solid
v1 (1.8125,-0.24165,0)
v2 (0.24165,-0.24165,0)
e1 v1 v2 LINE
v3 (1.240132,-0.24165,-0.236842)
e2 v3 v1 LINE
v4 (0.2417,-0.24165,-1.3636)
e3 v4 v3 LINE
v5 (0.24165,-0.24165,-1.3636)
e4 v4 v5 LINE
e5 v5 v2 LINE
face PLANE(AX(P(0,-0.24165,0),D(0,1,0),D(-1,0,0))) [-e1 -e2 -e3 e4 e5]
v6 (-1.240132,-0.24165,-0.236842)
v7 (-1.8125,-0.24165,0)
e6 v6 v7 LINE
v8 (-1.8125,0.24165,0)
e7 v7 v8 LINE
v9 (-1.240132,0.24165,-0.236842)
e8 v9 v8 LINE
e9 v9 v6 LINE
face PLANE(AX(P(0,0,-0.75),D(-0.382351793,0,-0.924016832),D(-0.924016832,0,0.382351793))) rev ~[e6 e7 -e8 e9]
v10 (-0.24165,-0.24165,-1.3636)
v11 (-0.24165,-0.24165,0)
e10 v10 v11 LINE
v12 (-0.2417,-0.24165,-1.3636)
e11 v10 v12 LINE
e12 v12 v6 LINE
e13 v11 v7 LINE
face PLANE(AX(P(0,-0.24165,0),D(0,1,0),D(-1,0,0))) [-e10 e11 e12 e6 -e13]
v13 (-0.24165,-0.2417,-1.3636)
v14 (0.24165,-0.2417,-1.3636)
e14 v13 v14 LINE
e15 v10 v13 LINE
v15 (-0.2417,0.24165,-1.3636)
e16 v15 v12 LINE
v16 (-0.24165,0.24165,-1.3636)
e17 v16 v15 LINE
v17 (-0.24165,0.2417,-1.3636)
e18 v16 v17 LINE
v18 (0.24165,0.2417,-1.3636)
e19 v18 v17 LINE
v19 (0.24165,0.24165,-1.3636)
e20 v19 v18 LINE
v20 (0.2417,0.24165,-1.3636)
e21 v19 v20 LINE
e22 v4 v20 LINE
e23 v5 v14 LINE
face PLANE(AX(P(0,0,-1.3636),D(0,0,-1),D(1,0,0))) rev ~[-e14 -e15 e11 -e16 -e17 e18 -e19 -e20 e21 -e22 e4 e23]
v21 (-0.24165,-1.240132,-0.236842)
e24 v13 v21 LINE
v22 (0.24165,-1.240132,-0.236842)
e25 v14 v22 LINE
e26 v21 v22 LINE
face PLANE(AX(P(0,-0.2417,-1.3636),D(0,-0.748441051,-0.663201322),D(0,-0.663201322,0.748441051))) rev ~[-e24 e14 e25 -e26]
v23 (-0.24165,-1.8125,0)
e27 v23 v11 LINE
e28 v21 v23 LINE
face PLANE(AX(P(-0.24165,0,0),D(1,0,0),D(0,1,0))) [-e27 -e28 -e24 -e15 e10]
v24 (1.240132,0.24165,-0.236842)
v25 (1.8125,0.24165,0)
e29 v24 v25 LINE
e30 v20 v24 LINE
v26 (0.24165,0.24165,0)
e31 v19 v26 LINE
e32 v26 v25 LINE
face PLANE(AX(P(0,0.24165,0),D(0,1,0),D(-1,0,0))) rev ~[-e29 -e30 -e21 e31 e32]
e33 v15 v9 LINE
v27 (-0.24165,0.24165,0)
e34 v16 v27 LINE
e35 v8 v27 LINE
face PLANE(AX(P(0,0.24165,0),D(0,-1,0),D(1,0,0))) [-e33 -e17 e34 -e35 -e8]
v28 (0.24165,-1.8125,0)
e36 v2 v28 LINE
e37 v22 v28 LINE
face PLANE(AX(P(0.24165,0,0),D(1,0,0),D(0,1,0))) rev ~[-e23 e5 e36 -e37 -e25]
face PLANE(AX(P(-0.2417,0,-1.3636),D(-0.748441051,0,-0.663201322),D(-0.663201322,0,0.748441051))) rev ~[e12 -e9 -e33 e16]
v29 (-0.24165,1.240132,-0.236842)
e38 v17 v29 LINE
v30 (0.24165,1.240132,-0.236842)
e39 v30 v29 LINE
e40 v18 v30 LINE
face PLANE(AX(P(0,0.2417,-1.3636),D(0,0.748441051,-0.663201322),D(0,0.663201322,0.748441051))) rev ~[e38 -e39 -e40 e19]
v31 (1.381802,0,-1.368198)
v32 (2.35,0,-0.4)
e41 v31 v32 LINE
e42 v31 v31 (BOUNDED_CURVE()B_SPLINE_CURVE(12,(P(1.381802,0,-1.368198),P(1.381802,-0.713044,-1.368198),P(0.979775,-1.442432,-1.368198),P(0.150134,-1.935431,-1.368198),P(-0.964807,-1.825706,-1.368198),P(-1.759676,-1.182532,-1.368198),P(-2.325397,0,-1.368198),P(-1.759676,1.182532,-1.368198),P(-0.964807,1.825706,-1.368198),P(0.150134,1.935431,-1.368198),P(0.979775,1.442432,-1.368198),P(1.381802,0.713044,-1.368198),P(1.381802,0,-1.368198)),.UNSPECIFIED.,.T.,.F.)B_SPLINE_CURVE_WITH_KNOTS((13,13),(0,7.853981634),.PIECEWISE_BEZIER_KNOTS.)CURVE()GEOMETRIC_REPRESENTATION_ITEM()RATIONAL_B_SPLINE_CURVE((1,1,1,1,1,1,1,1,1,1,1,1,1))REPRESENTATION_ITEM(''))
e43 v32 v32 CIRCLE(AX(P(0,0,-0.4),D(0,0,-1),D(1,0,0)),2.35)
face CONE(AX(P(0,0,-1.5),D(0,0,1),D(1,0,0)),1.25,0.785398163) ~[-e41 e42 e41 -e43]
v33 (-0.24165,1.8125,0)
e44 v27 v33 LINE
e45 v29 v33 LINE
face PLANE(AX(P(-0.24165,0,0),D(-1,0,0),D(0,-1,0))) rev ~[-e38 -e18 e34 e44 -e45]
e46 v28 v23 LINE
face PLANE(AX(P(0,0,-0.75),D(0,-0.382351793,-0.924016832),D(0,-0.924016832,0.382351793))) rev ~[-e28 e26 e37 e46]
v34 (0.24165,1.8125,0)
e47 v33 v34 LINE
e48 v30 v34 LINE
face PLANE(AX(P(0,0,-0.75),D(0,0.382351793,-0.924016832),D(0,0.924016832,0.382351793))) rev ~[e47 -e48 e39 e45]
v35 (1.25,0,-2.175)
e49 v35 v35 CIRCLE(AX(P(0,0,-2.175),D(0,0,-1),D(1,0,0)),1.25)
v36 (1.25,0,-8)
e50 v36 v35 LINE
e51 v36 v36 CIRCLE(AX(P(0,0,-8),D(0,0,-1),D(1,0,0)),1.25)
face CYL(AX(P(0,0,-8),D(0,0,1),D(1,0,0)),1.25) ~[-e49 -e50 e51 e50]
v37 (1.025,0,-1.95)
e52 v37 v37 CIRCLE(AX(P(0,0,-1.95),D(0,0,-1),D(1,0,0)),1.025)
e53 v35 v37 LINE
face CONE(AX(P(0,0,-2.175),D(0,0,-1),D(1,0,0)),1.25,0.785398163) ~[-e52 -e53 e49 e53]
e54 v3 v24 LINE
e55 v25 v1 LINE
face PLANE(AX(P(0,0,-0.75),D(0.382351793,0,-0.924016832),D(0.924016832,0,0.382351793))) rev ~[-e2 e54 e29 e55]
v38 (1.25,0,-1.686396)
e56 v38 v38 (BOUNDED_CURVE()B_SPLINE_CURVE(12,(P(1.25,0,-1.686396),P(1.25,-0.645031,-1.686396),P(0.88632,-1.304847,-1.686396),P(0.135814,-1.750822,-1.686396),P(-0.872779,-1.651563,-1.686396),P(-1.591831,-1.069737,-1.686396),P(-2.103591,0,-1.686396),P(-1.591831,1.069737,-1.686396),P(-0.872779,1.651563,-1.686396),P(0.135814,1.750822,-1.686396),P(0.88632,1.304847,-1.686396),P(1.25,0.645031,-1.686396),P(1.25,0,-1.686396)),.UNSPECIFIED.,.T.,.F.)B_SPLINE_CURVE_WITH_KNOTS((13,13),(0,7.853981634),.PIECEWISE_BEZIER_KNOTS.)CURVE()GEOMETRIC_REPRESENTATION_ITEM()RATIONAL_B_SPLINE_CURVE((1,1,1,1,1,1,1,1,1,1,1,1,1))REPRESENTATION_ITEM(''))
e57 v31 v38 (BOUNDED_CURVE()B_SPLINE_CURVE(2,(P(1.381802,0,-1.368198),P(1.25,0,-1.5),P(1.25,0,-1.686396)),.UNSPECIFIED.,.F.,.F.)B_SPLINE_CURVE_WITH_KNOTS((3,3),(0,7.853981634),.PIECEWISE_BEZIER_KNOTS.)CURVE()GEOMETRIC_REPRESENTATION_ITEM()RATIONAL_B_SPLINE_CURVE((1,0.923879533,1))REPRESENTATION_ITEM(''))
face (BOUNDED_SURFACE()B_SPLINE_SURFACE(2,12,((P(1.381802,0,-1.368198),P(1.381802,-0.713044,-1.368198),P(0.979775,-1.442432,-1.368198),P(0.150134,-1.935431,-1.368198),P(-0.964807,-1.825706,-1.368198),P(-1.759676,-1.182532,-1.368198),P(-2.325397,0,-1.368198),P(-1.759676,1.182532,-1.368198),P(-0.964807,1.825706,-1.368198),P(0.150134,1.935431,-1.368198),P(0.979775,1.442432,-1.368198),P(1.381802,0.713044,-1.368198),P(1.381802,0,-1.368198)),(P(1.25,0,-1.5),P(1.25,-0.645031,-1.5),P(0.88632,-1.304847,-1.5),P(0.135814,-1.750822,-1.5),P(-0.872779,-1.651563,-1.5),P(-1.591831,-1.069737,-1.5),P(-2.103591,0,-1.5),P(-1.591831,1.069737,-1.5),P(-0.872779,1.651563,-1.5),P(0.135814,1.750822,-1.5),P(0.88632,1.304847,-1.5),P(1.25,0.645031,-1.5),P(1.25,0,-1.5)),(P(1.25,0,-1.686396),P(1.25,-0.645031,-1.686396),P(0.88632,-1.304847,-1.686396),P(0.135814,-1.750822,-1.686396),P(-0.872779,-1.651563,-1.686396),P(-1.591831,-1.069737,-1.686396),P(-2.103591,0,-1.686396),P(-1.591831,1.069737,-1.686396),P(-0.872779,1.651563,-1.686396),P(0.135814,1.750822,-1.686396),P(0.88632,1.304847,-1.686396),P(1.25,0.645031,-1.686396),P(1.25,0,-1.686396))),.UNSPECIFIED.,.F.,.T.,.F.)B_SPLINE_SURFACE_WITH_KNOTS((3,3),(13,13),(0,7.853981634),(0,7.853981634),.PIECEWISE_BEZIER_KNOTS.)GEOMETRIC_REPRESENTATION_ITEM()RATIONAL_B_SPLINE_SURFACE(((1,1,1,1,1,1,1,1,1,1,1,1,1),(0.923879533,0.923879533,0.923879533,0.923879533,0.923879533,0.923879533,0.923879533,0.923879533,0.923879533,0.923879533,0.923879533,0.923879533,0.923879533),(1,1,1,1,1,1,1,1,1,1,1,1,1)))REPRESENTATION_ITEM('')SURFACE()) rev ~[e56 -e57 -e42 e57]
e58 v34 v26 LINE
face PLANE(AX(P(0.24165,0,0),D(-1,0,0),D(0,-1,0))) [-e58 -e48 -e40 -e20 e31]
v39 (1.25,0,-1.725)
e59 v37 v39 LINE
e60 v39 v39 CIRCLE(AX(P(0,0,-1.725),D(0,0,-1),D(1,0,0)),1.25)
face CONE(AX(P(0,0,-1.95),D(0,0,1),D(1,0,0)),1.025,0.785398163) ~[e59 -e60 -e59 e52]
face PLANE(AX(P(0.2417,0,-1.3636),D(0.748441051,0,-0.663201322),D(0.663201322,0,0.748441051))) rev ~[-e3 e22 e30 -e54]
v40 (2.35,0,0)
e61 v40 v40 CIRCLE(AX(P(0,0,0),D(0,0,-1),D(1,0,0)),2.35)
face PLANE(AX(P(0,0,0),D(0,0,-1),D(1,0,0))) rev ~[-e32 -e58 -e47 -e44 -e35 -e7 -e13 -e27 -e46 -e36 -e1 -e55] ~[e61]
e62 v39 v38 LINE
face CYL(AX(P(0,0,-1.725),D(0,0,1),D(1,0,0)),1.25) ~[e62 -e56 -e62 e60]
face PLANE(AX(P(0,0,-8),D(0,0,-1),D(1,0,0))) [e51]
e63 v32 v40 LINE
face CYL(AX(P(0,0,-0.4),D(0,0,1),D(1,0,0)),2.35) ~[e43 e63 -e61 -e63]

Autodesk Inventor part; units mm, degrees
ref_plane "YZ Plane" through (0, 0, 0) normal (1, 0, 0) x (0, 1, 0)
sketch "Esquisse1" plane through (0, 0, 0) normal (0, 1, 0) x (-1, 0, 0)
  point P0 (0, 0)
sketch "Esquisse2" plane through (0, 0, 0) normal (0, 0, 1) x (1, 0, 0)
  point P0 (0, 0)
sketch "Esquisse3" plane through (0, 0, 0) normal (0, 0, 1) x (1, 0, 0)
  point P0 (0, 0)
sketch "Esquisse4" plane through (0, 0, 0) normal (0, 1, 0) x (-1, 0, 0)
  line L0 (-2.35, 0) -> (0, 0)
  line L1 (-2.35, -0.4) -> (-2.35, 0)
  line L2 (-1.25, -1.5) -> (-2.35, -0.4)
  line L3 (-1.25, -1.725) -> (-1.25, -1.5)
  line L4 (-1.025, -1.95) -> (-1.25, -1.725)
  line L5 (-1.25, -2.175) -> (-1.025, -1.95)
  line L6 (-1.25, -8) -> (-1.25, -2.175)
  line L7 (0, 0) -> (0, -8)
  line L8 (0, 3.3392) -> (0, -10.7) construction
  line L9 (0, 3.3392) -> (0, -10.7)
  line L10 (0, -13.5078) -> (0, 6.1471) projected
  line L11 (-1.25, -8) -> (0, -8)
  line L12 (0.47, 0) -> (-2.82, 0) projected
  dimension "d3" = 2.35
  dimension "d5" = 0.225
  dimension "d7" = 0.225
  dimension "d9" = 0.225
  dimension "d11" = 1.5
  dimension "d13" = 135
  dimension "d17" = 1.025
  dimension "d19" = 0
  dimension "d51" = 1.25
  dimension "d52" = 8
revolve "Révolution1" add sketch "Esquisse4" angle 360 about axis through (0, 0, 3.3392) along (0, 0, -1)
sketch "Esquisse5" plane through (0, 0, 0) normal (0, 1, 0) x (-1, 0, 0)
  line L0 (-1.45, 0) -> (0, 0)
  line L1 (-0.2417, -1.3636) -> (-1.45, 0)
  line L2 (0, -1.3636) -> (-0.2417, -1.3636)
  line L3 (0, 0) -> (0, -1.3636)
  line L4 (-1.25, -1.5) -> (1.25, -1.5) construction
  line L5 (-2.35, 0) -> (2.35, 0) projected
  line L6 (0, -1.8) -> (0, 0.3) projected
  dimension "d22" = 1.45
  dimension "d24" = 0.2417
  dimension "d26" = 1.3636
extrude "Extrusion1" cut sketch "Esquisse5" along normal mid plane 0.4833
pattern_circular "RéseauPolaire1" count 4 over 360 about axis through (0, 0, 0) along (0, 0, 1) of "Extrusion1"
sketch "Esquisse7" plane through (0, 0, 0) normal (0, 1, 0) x (-1, 0, 0)
  line L0 (0, -0.75) -> (-1.8125, 0)
  line L1 (0, 0) -> (0, -0.75)
  line L2 (-1.8125, 0) -> (0, 0)
  line L3 (-1.25, -1.5) -> (1.25, -1.5) construction
  line L4 (0, -1.8) -> (0, 0.3) projected
  line L5 (-2.35, 0) -> (2.35, 0) projected
  dimension "d33" = 1.8125
  dimension "d35" = 0.75
extrude "Extrusion2" cut sketch "Esquisse7" along normal mid plane 0.4833
pattern_circular "RéseauPolaire2" count 4 over 360 about axis through (0, 0, 0) along (0, 0, 1) of "Extrusion2"
fillet "Congé1" radius 0.45 1 edges at (-1.25, 0, -1.5)
thread "Filetage1" size "M2.5x0.45" class "6g" standard "ISO Metric profile" full length
ref_plane "MSC_PF1" through (0, 0, 0) normal (1, 0, 0) x (0, 1, 0)
ref_plane "MSC_PT1" through (0, 0, 0) normal (0, 0, -1) x (-1, 0, 0)
equation "\"d3\" = 0.5 * Dh"
equation "\"d5\" = msp_x"
equation "\"d7\" = ParA"
equation "\"d9\" = msp_x"
equation "\"d11\" = ParK"
equation "\"d17\" = 0.5 * msp_mdtds"
equation "\"d51\" = 0.5 * NND"
equation "\"d52\" = NLG"
equation "\"d22\" = 0.5 * M"
equation "\"d24\" = 0.0833333 * M"
equation "\"d26\" = 0.909091 * ParK"
equation "\"d27\" = 0.166667 * M"
equation "\"d33\" = 0.625 * M"
equation "\"d35\" = 0.5 * ParK"
equation "\"d36\" = 0.166667 * M"
equation "\"d41\" = 2 * msp_x"
equation "\"PTC\" = 0.45"
equation "\"NLG\" = 8"
equation "\"ParK\" = 1.5"
equation "\"NND\" = 2.5"
equation "\"M\" = 2.9"
equation "\"msp_mdtds\" = NND - PTC"
equation "\"Dh\" = 4.7"
equation "\"msp_x\" = 0.5 * PTC"
equation "\"ParA\" = 0.5 * PTC"
equation "\"r\" = 0.6"
equation "\"THREADDIA\" = NND"
equation "\"TEMPLATE\" = 1.2345"
properties part number "NF EN ISO 7046-2 H - M2.5x8 - 8.8 - H1" material "Acier inoxydable 440C"
